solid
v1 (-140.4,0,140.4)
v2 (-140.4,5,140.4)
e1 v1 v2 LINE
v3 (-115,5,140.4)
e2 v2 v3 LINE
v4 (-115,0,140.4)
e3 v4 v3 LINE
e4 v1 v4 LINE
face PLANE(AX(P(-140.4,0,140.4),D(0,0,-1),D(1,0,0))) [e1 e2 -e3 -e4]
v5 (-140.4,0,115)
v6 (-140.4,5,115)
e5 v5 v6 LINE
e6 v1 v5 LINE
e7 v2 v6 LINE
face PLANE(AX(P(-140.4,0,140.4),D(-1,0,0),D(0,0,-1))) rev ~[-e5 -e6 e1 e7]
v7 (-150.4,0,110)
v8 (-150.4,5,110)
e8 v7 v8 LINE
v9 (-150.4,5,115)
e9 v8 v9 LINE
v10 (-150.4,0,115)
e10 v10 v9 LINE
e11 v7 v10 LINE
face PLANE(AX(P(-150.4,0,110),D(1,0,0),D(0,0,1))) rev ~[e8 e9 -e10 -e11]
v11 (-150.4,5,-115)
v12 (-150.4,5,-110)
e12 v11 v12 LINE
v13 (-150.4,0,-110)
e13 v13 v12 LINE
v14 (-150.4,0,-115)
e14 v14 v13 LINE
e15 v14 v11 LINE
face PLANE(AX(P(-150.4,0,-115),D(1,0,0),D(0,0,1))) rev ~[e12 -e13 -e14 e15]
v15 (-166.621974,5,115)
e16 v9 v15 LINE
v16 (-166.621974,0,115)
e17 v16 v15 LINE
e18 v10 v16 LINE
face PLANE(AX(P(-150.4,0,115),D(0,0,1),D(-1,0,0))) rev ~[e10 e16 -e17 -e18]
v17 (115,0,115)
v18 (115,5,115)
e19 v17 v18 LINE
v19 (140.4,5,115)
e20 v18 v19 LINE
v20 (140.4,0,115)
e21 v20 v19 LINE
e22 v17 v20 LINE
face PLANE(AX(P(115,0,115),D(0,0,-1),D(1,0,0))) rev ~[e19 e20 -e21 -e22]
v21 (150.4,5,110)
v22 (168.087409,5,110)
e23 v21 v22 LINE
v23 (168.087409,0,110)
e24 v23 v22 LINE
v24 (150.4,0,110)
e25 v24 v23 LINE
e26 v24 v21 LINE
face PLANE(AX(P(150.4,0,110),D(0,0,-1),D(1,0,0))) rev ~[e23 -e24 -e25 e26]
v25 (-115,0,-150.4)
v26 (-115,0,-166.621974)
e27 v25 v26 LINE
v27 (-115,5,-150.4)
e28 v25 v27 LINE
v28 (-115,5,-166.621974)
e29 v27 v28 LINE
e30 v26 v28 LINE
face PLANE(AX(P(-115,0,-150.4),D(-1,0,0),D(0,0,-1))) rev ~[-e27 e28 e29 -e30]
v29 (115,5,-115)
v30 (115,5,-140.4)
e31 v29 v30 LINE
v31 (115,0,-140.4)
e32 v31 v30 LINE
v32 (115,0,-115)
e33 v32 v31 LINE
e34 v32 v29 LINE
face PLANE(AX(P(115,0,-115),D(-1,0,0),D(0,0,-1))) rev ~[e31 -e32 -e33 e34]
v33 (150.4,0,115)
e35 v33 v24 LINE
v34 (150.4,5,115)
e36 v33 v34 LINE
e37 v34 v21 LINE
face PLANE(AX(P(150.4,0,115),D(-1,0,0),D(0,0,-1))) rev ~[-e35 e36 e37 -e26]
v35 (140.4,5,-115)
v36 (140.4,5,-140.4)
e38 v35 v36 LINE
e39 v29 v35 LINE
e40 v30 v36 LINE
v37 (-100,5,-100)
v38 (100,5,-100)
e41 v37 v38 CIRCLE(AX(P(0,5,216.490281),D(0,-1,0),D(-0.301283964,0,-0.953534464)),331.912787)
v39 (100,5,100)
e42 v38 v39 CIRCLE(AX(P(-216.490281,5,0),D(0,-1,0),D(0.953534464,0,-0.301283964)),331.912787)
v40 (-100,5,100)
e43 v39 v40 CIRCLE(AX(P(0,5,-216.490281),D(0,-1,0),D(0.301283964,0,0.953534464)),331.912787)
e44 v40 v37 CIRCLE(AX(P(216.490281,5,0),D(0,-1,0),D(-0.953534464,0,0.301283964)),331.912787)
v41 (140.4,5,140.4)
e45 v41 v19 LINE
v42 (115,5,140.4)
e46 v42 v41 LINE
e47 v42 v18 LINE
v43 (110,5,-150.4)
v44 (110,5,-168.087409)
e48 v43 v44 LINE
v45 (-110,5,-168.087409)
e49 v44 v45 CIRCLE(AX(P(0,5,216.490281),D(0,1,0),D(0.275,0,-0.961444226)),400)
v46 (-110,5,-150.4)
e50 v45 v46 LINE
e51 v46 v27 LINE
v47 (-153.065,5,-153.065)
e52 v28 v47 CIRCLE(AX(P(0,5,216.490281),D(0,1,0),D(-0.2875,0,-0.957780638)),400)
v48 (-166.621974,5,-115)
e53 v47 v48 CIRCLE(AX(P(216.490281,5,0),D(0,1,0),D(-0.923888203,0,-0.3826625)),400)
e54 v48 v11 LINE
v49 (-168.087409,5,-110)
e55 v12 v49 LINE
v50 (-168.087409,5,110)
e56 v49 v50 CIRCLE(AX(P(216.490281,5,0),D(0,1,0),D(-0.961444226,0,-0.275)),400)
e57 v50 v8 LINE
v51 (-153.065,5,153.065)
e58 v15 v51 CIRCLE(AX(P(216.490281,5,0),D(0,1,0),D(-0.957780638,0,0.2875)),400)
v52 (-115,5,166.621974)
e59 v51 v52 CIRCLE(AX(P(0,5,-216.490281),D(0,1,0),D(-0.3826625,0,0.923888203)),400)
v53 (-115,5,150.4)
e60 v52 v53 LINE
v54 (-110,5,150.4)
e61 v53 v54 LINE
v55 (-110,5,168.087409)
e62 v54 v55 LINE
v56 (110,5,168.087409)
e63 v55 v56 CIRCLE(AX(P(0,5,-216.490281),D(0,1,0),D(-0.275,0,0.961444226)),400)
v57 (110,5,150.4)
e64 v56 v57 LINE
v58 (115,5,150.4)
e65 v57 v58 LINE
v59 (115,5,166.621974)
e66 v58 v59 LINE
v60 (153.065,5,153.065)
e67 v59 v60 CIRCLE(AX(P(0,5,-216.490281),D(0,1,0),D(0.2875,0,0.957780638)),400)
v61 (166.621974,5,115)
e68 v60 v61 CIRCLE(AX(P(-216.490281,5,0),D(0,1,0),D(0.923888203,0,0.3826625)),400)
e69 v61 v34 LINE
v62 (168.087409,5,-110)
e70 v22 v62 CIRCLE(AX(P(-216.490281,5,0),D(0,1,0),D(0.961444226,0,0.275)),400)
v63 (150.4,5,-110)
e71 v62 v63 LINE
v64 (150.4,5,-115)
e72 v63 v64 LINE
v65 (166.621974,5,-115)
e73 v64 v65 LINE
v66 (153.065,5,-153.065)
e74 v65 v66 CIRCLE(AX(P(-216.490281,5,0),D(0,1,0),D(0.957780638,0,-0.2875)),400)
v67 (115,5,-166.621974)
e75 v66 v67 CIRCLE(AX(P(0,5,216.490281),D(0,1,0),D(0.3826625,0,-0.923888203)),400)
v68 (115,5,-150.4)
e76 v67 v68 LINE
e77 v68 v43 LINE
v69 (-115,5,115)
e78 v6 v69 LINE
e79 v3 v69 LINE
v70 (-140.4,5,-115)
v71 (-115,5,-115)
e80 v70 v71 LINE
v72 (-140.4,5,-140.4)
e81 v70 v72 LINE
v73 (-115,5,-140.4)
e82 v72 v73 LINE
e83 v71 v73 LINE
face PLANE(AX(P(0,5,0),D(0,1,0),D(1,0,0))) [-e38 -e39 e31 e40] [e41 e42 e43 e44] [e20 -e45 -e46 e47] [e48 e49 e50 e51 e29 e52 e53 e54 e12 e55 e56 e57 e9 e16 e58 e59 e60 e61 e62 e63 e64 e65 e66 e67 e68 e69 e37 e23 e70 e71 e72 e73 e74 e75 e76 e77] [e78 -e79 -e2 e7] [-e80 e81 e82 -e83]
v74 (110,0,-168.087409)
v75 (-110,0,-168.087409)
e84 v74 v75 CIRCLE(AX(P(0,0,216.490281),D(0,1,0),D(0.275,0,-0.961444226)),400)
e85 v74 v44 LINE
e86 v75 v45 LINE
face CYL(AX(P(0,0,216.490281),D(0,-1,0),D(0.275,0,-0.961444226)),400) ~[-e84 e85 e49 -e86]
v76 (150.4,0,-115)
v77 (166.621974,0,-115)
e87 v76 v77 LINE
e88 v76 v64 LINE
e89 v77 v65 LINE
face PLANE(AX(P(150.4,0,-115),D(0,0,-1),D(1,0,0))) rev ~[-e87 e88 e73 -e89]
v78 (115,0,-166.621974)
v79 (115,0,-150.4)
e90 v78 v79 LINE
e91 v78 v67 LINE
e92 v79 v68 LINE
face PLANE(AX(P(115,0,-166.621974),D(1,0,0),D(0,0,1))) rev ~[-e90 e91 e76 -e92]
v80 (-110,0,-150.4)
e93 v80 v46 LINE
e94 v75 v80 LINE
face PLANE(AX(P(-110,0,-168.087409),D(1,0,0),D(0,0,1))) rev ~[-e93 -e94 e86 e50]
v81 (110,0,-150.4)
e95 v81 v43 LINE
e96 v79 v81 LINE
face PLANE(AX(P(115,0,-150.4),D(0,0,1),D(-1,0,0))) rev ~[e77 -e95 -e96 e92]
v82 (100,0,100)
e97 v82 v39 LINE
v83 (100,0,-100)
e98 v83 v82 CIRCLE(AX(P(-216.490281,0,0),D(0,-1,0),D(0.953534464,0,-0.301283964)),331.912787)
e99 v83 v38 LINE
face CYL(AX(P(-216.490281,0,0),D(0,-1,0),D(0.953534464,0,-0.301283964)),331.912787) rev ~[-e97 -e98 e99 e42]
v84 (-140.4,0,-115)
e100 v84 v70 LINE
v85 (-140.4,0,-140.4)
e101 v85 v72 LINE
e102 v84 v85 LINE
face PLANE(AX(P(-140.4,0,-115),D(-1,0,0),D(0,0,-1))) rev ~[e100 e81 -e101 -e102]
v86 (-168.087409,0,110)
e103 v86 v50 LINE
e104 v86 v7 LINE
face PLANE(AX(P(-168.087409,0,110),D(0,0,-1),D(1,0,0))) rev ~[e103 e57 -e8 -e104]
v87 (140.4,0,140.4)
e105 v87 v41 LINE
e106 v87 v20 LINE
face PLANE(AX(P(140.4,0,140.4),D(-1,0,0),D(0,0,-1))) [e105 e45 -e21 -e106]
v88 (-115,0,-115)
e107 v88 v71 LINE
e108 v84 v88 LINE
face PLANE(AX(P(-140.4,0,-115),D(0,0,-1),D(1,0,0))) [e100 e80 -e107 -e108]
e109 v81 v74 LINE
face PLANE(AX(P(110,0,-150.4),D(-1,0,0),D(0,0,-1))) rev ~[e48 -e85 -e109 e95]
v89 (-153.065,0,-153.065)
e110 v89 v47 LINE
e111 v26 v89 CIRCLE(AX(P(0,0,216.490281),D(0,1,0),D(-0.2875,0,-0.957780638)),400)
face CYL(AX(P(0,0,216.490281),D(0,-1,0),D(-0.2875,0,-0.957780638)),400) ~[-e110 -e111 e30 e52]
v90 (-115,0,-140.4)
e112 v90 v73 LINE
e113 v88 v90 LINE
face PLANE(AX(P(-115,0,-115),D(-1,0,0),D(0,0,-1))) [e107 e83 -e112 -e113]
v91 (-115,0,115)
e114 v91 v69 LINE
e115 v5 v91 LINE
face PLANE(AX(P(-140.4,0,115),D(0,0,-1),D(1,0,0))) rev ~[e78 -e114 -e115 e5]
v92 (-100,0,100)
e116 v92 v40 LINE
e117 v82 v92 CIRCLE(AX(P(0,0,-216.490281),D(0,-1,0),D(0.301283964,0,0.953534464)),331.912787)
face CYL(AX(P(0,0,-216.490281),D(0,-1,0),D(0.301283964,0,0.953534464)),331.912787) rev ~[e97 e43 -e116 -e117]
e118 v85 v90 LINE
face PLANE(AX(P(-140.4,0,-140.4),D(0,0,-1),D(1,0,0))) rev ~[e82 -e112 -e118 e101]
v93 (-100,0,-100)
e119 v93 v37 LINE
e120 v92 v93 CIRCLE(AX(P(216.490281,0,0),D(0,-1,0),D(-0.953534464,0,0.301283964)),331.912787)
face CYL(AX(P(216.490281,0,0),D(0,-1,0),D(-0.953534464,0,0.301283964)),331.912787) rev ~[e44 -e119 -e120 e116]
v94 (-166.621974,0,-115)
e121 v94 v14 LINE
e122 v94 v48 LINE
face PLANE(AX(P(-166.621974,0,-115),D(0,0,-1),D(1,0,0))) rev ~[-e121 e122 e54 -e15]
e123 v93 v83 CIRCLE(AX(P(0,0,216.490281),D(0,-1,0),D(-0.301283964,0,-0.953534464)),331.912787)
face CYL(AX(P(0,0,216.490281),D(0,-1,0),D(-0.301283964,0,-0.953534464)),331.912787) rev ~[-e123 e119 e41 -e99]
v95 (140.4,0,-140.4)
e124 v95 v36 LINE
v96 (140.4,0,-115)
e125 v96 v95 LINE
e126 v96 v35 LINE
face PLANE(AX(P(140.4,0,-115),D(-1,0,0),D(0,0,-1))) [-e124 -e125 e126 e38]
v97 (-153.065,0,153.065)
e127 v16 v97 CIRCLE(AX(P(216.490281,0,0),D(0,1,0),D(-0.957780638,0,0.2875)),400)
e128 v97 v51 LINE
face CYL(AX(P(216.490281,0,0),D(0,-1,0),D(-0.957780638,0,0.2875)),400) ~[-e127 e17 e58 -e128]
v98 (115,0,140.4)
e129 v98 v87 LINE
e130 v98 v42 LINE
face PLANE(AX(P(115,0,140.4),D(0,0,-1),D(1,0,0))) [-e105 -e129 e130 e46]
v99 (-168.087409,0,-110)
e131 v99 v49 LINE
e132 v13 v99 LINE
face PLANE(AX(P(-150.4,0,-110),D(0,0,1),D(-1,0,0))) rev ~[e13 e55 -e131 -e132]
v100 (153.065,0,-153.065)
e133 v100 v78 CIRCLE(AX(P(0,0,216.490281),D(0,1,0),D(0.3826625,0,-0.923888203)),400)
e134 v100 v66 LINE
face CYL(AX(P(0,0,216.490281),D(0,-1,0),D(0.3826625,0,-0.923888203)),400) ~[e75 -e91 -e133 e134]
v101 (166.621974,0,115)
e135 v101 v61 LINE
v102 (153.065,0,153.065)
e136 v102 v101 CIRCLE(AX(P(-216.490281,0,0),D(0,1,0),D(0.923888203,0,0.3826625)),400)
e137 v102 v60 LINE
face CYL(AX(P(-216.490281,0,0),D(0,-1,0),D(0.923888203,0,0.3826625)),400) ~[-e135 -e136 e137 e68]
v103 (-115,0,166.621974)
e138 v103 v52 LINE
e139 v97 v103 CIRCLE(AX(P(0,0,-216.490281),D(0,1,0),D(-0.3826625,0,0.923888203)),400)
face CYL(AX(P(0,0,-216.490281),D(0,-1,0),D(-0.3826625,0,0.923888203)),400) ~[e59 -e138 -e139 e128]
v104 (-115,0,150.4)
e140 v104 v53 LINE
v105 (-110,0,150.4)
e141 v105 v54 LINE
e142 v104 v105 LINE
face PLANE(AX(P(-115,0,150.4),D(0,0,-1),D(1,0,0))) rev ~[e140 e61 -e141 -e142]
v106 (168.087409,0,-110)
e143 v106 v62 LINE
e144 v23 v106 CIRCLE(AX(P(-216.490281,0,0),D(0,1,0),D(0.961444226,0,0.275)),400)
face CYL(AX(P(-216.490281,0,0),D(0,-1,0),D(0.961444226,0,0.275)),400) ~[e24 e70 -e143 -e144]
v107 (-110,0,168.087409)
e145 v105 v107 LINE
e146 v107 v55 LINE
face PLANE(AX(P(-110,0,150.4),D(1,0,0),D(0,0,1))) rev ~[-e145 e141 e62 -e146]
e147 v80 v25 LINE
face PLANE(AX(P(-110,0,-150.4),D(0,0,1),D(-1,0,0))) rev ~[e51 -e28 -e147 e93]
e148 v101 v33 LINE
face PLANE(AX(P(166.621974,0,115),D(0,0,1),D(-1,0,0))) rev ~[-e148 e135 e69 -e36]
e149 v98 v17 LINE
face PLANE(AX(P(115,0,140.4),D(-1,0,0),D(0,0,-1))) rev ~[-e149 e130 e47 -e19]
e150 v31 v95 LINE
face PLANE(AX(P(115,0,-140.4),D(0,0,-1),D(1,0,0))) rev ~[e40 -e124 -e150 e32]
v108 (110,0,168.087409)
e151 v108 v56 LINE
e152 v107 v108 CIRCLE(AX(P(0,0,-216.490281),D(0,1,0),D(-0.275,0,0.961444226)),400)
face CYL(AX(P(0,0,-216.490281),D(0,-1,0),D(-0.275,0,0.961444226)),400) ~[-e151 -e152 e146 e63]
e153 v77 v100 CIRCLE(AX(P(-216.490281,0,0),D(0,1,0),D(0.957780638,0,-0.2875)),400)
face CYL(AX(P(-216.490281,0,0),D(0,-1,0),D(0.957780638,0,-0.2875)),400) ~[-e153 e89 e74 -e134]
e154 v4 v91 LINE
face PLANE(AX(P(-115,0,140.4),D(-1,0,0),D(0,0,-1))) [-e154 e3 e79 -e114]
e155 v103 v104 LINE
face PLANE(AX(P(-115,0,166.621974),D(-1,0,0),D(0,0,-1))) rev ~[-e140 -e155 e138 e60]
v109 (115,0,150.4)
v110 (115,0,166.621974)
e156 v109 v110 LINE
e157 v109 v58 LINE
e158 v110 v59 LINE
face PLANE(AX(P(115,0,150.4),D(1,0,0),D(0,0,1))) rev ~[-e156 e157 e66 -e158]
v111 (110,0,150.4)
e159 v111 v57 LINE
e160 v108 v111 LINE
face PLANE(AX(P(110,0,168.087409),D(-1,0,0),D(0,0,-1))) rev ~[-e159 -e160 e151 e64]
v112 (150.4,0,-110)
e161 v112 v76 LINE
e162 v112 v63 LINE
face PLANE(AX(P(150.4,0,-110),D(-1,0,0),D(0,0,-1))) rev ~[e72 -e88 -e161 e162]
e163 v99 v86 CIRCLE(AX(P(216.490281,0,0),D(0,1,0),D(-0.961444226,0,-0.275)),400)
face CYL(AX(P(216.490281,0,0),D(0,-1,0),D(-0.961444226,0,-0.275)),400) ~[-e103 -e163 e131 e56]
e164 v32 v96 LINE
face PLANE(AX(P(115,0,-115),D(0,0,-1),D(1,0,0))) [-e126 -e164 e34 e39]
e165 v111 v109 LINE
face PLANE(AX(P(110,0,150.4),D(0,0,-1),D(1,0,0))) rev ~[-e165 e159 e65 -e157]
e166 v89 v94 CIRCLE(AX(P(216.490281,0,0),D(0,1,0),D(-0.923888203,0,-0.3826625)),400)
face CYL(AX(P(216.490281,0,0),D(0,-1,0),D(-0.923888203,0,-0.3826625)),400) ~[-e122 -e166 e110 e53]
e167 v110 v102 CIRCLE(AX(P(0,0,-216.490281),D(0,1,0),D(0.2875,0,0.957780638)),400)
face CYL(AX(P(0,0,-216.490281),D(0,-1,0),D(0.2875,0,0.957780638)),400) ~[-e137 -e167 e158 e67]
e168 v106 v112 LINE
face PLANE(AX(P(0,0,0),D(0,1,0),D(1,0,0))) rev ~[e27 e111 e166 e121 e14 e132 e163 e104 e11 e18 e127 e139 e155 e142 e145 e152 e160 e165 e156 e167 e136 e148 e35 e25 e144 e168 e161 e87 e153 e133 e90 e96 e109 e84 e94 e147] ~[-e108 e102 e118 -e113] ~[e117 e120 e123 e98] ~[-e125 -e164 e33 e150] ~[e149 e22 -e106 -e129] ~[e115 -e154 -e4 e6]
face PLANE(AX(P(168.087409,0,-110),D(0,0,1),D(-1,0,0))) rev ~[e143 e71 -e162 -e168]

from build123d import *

# Parameters (mm, degrees)
SKETCH1_W           = 25.4
SKETCH1_H           = 25.4
BOSS_EXTRUDE1_DEPTH = 5


with BuildPart() as part:
    # Sketch1 → Boss-Extrude1 (new body)
    with BuildSketch(Plane(origin=(0, 0, 0), x_dir=(1, 0, 0), z_dir=(0, 1, 0))):
        with BuildLine():
            Line((115, 150.4), (110, 150.4))
            Line((110, 150.4), (110, 168.087409379))
            ThreePointArc((110, 168.087409379), (0, 183.509718919), (-110, 168.087409379))
            Line((-110, 168.087409379), (-110, 150.4))
            Line((-110, 150.4), (-115, 150.4))
            Line((-115, 150.4), (-115, 166.621974009))
            ThreePointArc((-115, 166.621974009), (-134.203796304, 160.324449334), (-153.065, 153.065))
            ThreePointArc((-153.065, 153.065), (-160.324449334, 134.203796304), (-166.621974009, 115))
            Line((-166.621974009, 115), (-150.4, 115))
            Line((-150.4, 115), (-150.4, 110))
            Line((-150.4, 110), (-168.087409379, 110))
            ThreePointArc((-168.087409379, 110), (-183.509718919, 0), (-168.087409379, -110))
            Line((-168.087409379, -110), (-150.4, -110))
            Line((-150.4, -110), (-150.4, -115))
            Line((-150.4, -115), (-166.621974009, -115))
            ThreePointArc((-166.621974009, -115), (-160.324449334, -134.203796304), (-153.065, -153.065))
            ThreePointArc((-153.065, -153.065), (-134.203796304, -160.324449334), (-115, -166.621974009))
            Line((-115, -166.621974009), (-115, -150.4))
            Line((-115, -150.4), (-110, -150.4))
            Line((-110, -150.4), (-110, -168.087409379))
            ThreePointArc((-110, -168.087409379), (0, -183.509718919), (110, -168.087409379))
            Line((110, -168.087409379), (110, -150.4))
            Line((110, -150.4), (115, -150.4))
            Line((115, -150.4), (115, -166.621974009))
            ThreePointArc((115, -166.621974009), (134.203796304, -160.324449334), (153.065, -153.065))
            ThreePointArc((153.065, -153.065), (160.324449334, -134.203796304), (166.621974009, -115))
            Line((166.621974009, -115), (150.4, -115))
            Line((150.4, -115), (150.4, -110))
            Line((150.4, -110), (168.087409379, -110))
            ThreePointArc((168.087409379, -110), (183.509718919, 0), (168.087409379, 110))
            Line((168.087409379, 110), (150.4, 110))
            Line((150.4, 110), (150.4, 115))
            Line((150.4, 115), (166.621974009, 115))
            ThreePointArc((166.621974009, 115), (160.324449334, 134.203796304), (153.065, 153.065))
            ThreePointArc((153.065, 153.065), (134.203796304, 160.324449334), (115, 166.621974009))
            Line((115, 166.621974009), (115, 150.4))
        make_face()
        with Locations((127.7, 127.7)):
            Rectangle(SKETCH1_W, SKETCH1_H, mode=Mode.SUBTRACT)
        with Locations((-127.7, 127.7)):
            Rectangle(SKETCH1_W, SKETCH1_H, mode=Mode.SUBTRACT)
        with Locations((127.7, -127.7)):
            Rectangle(SKETCH1_W, SKETCH1_H, mode=Mode.SUBTRACT)
        with Locations((-127.7, -127.7)):
            Rectangle(SKETCH1_W, SKETCH1_H, mode=Mode.SUBTRACT)
        with BuildLine():
            ThreePointArc((-100, 100), (0, 115.422505685), (100, 100))
            ThreePointArc((100, 100), (115.422505685, 0), (100, -100))
            ThreePointArc((100, -100), (0, -115.422505685), (-100, -100))
            ThreePointArc((-100, -100), (-115.422505685, 0), (-100, 100))
        make_face(mode=Mode.SUBTRACT)
    extrude(amount=BOSS_EXTRUDE1_DEPTH)


solid = part.part
